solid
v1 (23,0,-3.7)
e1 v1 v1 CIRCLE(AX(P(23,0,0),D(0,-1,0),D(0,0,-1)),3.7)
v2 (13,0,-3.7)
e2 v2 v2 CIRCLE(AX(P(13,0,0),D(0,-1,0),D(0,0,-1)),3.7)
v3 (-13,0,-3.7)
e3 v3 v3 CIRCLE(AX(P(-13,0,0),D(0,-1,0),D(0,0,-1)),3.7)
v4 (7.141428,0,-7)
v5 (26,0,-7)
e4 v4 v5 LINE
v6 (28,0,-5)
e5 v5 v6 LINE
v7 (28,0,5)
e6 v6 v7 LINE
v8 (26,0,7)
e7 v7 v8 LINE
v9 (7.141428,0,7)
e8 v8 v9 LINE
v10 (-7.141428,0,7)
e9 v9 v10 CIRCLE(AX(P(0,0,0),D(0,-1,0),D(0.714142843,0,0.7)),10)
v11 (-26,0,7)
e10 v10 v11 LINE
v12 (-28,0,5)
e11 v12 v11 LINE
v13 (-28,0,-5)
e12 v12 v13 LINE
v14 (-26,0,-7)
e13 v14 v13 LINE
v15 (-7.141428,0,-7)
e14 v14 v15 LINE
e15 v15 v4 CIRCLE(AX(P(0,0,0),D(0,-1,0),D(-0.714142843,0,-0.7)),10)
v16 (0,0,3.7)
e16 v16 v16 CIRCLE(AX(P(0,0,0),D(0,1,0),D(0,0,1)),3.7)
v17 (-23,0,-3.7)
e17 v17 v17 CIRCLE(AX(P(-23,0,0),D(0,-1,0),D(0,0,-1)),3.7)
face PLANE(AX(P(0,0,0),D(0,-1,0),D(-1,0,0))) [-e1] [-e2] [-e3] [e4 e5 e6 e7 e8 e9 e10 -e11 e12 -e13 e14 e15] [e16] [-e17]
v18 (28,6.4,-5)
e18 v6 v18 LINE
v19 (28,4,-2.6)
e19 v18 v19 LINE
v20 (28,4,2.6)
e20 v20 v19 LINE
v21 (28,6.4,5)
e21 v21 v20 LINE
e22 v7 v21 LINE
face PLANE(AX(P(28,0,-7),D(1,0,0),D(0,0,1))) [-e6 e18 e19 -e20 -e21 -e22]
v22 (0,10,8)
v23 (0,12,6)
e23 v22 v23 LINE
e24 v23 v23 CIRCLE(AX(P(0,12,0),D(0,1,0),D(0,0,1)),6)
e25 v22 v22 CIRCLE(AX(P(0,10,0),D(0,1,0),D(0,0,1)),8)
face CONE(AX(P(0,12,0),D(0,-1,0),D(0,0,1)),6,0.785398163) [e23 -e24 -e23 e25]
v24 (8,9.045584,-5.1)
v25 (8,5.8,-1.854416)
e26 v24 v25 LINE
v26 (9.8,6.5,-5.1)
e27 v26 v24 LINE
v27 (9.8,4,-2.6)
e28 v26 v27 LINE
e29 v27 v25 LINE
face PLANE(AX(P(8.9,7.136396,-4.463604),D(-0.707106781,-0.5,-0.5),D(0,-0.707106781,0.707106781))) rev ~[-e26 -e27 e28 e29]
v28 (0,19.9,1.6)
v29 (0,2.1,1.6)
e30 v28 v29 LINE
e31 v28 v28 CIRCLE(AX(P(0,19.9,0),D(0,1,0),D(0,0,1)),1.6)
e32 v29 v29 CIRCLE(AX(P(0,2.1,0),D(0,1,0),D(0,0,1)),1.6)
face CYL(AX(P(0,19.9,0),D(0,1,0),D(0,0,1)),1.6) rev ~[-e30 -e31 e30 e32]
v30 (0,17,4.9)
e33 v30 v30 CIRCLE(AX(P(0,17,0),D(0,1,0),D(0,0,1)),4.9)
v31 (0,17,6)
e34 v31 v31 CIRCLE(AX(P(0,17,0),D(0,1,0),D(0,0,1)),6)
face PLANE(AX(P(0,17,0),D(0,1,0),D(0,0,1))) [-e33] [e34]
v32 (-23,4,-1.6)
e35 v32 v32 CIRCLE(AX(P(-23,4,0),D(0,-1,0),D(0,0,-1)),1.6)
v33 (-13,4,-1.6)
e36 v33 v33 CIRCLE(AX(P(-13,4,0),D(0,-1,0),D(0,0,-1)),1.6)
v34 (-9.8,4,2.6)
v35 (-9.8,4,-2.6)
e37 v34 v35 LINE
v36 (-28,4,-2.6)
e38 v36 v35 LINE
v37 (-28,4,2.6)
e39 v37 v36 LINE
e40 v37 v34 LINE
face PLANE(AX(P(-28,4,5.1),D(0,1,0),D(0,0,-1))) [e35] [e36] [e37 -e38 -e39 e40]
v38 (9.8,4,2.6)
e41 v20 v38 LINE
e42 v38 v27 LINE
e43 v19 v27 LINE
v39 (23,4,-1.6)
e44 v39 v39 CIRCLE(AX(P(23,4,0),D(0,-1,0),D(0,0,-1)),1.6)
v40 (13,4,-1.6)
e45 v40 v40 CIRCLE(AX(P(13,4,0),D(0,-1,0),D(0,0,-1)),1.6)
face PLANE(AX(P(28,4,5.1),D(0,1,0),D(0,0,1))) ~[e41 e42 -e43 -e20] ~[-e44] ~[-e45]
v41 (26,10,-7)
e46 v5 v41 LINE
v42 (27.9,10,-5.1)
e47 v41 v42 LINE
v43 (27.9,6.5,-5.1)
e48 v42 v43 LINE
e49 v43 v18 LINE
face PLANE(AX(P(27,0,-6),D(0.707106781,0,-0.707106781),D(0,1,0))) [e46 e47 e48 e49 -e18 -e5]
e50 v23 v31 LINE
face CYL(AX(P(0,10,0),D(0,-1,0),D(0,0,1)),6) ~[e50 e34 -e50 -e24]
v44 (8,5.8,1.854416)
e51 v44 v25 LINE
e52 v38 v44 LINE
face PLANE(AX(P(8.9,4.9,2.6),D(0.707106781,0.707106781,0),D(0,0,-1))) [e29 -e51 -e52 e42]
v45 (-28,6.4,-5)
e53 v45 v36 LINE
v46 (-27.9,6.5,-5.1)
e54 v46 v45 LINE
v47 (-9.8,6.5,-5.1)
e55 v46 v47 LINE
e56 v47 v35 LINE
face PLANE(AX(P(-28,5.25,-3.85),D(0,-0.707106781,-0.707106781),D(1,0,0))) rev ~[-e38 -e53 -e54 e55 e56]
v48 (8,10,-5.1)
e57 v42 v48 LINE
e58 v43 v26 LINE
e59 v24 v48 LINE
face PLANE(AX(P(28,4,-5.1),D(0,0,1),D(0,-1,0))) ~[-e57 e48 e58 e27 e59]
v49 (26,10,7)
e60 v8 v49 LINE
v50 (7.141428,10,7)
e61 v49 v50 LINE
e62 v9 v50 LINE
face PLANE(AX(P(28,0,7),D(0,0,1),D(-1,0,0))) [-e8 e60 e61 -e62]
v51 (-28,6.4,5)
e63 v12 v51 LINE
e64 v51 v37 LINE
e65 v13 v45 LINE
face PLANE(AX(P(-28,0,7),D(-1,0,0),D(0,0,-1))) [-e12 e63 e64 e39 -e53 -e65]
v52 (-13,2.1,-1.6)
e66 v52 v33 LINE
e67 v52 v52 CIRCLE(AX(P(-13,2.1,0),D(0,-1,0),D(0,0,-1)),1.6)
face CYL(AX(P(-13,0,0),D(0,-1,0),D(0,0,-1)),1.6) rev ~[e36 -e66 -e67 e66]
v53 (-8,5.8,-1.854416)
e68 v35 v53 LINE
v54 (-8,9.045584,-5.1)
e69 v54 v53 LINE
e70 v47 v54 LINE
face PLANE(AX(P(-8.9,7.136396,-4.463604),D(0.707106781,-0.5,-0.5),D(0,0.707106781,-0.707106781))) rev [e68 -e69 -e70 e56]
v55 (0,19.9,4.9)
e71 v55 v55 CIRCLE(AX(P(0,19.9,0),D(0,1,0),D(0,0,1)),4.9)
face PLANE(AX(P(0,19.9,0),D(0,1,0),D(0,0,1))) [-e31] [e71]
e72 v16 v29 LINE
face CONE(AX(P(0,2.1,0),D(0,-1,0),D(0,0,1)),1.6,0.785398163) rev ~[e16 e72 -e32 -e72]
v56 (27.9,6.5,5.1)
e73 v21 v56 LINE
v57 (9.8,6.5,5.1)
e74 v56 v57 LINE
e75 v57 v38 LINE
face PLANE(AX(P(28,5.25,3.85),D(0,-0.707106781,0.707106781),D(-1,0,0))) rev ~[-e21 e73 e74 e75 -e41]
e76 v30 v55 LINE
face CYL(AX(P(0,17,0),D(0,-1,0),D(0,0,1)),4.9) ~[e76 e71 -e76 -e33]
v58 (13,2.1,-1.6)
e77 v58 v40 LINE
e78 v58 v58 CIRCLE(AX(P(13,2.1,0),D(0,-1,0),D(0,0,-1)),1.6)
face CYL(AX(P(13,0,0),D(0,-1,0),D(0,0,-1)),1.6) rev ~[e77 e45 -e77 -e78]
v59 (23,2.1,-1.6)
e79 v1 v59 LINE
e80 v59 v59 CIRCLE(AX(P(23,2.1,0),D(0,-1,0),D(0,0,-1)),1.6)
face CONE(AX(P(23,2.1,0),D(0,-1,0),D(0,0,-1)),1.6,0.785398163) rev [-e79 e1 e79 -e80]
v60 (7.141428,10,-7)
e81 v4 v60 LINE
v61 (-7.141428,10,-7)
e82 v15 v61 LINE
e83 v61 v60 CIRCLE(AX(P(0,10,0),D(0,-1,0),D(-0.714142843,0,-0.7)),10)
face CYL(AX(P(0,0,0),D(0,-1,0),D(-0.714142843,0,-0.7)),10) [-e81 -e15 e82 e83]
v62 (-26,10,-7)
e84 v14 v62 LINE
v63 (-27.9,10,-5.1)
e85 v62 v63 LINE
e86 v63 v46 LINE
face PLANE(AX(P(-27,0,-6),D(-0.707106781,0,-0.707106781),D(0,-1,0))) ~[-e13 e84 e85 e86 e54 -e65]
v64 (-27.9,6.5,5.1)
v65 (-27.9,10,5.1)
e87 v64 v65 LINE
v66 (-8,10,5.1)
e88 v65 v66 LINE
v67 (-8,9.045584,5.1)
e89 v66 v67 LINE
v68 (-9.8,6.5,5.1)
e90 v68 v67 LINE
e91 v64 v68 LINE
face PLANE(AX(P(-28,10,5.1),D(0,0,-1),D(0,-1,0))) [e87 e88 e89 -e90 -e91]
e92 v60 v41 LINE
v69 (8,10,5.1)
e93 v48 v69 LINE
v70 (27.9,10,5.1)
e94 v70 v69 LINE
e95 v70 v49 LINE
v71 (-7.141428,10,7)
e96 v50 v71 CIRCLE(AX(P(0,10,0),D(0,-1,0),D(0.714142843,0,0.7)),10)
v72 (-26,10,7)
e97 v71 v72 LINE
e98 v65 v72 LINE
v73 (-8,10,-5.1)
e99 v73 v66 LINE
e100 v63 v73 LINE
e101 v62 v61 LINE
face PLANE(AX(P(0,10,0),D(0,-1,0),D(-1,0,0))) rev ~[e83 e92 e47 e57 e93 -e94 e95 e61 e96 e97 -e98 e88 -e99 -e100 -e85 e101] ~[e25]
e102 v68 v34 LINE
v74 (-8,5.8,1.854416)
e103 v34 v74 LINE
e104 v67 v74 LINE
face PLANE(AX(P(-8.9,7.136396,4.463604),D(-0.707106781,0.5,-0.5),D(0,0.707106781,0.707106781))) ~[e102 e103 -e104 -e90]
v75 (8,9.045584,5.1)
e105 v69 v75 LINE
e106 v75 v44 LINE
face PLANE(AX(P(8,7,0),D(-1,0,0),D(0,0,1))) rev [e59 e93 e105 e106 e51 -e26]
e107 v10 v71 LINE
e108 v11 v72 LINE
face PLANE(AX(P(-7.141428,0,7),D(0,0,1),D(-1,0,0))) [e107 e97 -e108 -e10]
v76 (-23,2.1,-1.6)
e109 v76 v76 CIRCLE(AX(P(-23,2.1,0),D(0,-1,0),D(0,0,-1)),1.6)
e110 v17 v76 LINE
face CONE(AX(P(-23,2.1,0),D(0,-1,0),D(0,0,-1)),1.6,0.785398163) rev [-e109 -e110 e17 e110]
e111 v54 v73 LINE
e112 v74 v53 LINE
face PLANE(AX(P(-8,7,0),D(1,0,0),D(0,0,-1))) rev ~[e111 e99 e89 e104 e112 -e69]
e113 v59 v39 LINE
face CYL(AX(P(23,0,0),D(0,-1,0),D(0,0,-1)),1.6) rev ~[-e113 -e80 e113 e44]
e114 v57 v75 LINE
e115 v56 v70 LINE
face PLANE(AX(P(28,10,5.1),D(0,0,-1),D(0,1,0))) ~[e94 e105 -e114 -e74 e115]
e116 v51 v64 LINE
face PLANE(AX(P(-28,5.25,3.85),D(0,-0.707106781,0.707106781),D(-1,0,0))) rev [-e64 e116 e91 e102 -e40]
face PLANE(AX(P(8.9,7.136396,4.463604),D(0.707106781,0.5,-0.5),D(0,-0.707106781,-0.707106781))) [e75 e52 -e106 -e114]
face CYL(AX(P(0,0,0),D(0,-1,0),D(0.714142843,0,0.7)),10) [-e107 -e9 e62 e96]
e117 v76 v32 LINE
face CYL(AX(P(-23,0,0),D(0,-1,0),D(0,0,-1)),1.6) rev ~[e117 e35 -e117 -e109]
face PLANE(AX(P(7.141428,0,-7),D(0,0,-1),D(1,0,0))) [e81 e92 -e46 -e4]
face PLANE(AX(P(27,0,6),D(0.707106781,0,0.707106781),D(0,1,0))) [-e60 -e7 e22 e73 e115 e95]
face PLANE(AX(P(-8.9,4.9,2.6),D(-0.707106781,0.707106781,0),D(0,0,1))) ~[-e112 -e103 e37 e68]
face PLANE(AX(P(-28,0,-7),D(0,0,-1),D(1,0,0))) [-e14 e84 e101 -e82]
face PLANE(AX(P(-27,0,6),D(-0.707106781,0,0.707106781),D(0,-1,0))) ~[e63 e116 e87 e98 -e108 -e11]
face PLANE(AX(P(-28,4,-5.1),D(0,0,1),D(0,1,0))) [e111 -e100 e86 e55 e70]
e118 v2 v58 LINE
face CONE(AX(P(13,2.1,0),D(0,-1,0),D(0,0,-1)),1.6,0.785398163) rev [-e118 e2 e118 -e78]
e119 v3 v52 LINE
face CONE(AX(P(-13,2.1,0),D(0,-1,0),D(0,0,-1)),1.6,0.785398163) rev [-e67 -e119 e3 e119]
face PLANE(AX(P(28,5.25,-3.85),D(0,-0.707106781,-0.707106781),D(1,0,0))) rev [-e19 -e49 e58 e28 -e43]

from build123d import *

# Parameters (mm, degrees)
BOSS_EXTRU_1_DEPTH           = 10
ENL_V_MAT_EXTRU_1_DEPTH      = 20
CHANFREIN1_SIZE              = 2.5
CHANFREIN2_SIZE              = 1.8
CHANFREIN1_OF_SYM_TRIE1_SIZE = 2.5
CHANFREIN2_OF_SYM_TRIE1_SIZE = 1.8
ESQUISSE5_R                  = 1.6000000000000016
ESQUISSE5_R_2                = 1.6000000000000019
ENL_V_MAT_EXTRU_4_DEPTH      = 7
CHANFREIN4_SIZE              = 2.1
CHANFREIN5_SIZE              = 2
ESQUISSE6_R                  = 6
BOSS_EXTRU_2_DEPTH           = 7
ESQUISSE7_R                  = 4.9
BOSS_EXTRU_3_DEPTH           = 2.9
ESQUISSE8_R                  = 1.6
ENL_V_MAT_EXTRU_5_DEPTH      = 36.777227393972275
CHANFREIN6_SIZE              = 2.1
CHANFREIN7_SIZE              = 2


with BuildPart() as part:
    # Esquisse1 → Boss.-Extru.1 (new body)
    with BuildSketch(Plane(origin=(0, 0, 0), x_dir=(1, 0, 0), z_dir=(0, 1, 0))):
        with BuildLine():
            Line((7.1414284285428495, 7), (27.999999999999996, 7))
            Line((27.999999999999996, 7), (27.999999999999996, -7))
            Line((27.999999999999996, -7), (7.1414284285428495, -7))
            ThreePointArc((7.1414284285428495, -7), (6.1e-16, -10), (-7.1414284285428495, -7))
            Line((-7.1414284285428495, -7), (-28.000000000000004, -7))
            Line((-28.000000000000004, -7), (-28.000000000000004, 7))
            Line((-28.000000000000004, 7), (-7.1414284285428495, 7))
            ThreePointArc((-7.1414284285428495, 7), (6.1e-16, 10), (7.1414284285428495, 7))
        make_face()
    extrude(amount=BOSS_EXTRU_1_DEPTH)

    # Esquisse2 → Enlèv. mat.-Extru.1 (cut)
    with BuildSketch(Plane.ZY.offset(28.000000000000004)):
        Polygon((-5.1000000000000005, 10), (5.099999999999999, 10), (5.099999999999999, 3.999999999999999), (-5.1000000000000005, 4), align=None)
    enl_v_mat_extru_1 = extrude(amount=-ENL_V_MAT_EXTRU_1_DEPTH, mode=Mode.SUBTRACT)

    # Chanfrein1
    chanfrein1_edges = [part.edges().sort_by_distance(p)[0] for p in [
        (-18.000000000000004, 4, -5.1000000000000005),
        (-18.000000000000004, 3.999999999999999, 5.099999999999999),
    ]]
    chamfer(chanfrein1_edges, length=CHANFREIN1_SIZE)

    # Chanfrein2
    chanfrein2_edges = [part.edges().sort_by_distance(p)[0] for p in [
        (-8.000000000000004, 3.9999999999999996, -8.9e-16),
        (-8.000000000000005, 5.250000000000001, -3.8500000000000005),
        (-8.000000000000004, 5.25, 3.849999999999998),
    ]]
    chamfer(chanfrein2_edges, length=CHANFREIN2_SIZE)

    # Symétrie1: Enlèv. mat.-Extru.1 across plane
    add(enl_v_mat_extru_1.mirror(Plane(origin=(0, 0, 0), x_dir=(0, 0, 1), z_dir=(1, 0, 0))), mode=Mode.SUBTRACT)

    # Chanfrein1 of Symétrie1
    chanfrein1_of_sym_trie1_edges = [part.edges().sort_by_distance(p)[0] for p in [
        (18.000000000000004, 4, -5.1000000000000005),
        (18.000000000000004, 3.999999999999999, 5.099999999999999),
    ]]
    chamfer(chanfrein1_of_sym_trie1_edges, length=CHANFREIN1_OF_SYM_TRIE1_SIZE)

    # Chanfrein2 of Symétrie1
    chanfrein2_of_sym_trie1_edges = [part.edges().sort_by_distance(p)[0] for p in [
        (8.000000000000004, 3.9999999999999996, -8.9e-16),
        (8.000000000000005, 5.250000000000001, -3.8500000000000005),
        (8.000000000000004, 5.25, 3.849999999999998),
    ]]
    chamfer(chanfrein2_of_sym_trie1_edges, length=CHANFREIN2_OF_SYM_TRIE1_SIZE)

    # Esquisse5 → Enlèv. mat.-Extru.4 (cut)
    with BuildSketch(Plane.XZ):
        with Locations(Location((-23.000000000000004, 0, 0), (0, 0, 270))):
            Circle(ESQUISSE5_R)
        with Locations(Location((-13.000000000000004, 0, 0), (0, 0, 270))):
            Circle(ESQUISSE5_R_2)
        with Locations(Location((12.999999999999996, 0, 0), (0, 0, 270))):
            Circle(ESQUISSE5_R_2)
        with Locations(Location((22.999999999999993, 0, 0), (0, 0, 270))):
            Circle(ESQUISSE5_R)
    extrude(amount=-ENL_V_MAT_EXTRU_4_DEPTH, mode=Mode.SUBTRACT)

    # Chanfrein4
    chanfrein4_edges = [part.edges().sort_by_distance(p)[0] for p in [
        (-23.000000000000004, 0, 1.6000000000000016),
        (-13.000000000000004, 0, 1.6000000000000019),
        (12.999999999999996, 0, 1.6000000000000019),
        (22.999999999999993, 0, 1.6000000000000016),
    ]]
    chamfer(chanfrein4_edges, length=CHANFREIN4_SIZE)

    # Chanfrein5
    chanfrein5_edges = [part.edges().sort_by_distance(p)[0] for p in [
        (27.999999999999996, 5, -7),
        (27.999999999999996, 5, 7),
        (-28.000000000000004, 5, -7),
        (-28.000000000000004, 5, 7),
    ]]
    chamfer(chanfrein5_edges, length=CHANFREIN5_SIZE)

    # Esquisse6 → Boss.-Extru.2 (add)
    with BuildSketch(Plane(origin=(0, 10, 0), x_dir=(1, 0, 0), z_dir=(0, 1, 0))):
        with Locations(Location((0, 0, 0), (0, 0, 270))):
            Circle(ESQUISSE6_R)
    extrude(amount=BOSS_EXTRU_2_DEPTH)

    # Esquisse7 → Boss.-Extru.3 (add)
    with BuildSketch(Plane(origin=(0, 17, 0), x_dir=(1, 0, 0), z_dir=(0, 1, 0))):
        with Locations(Location((0, 0, 0), (0, 0, 270))):
            Circle(ESQUISSE7_R)
    extrude(amount=BOSS_EXTRU_3_DEPTH)

    # Esquisse8 → Enlèv. mat.-Extru.5 (cut, through all)
    with BuildSketch(Plane(origin=(0, 19.900000000000002, 0), x_dir=(1, 0, 0), z_dir=(0, 1, 0))):
        with Locations(Location((0, 0, 0), (0, 0, 270))):
            Circle(ESQUISSE8_R)
    extrude(amount=-ENL_V_MAT_EXTRU_5_DEPTH, mode=Mode.SUBTRACT)

    # Chanfrein6
    chanfrein6_edges = [part.edges().sort_by_distance(p)[0] for p in [
        (4.9e-16, 0, -1.6),
    ]]
    chamfer(chanfrein6_edges, length=CHANFREIN6_SIZE)

    # Chanfrein7
    chanfrein7_edges = [part.edges().sort_by_distance(p)[0] for p in [
        (1.84e-15, 10, -6),
    ]]
    chamfer(chanfrein7_edges, length=CHANFREIN7_SIZE)


solid = part.part
